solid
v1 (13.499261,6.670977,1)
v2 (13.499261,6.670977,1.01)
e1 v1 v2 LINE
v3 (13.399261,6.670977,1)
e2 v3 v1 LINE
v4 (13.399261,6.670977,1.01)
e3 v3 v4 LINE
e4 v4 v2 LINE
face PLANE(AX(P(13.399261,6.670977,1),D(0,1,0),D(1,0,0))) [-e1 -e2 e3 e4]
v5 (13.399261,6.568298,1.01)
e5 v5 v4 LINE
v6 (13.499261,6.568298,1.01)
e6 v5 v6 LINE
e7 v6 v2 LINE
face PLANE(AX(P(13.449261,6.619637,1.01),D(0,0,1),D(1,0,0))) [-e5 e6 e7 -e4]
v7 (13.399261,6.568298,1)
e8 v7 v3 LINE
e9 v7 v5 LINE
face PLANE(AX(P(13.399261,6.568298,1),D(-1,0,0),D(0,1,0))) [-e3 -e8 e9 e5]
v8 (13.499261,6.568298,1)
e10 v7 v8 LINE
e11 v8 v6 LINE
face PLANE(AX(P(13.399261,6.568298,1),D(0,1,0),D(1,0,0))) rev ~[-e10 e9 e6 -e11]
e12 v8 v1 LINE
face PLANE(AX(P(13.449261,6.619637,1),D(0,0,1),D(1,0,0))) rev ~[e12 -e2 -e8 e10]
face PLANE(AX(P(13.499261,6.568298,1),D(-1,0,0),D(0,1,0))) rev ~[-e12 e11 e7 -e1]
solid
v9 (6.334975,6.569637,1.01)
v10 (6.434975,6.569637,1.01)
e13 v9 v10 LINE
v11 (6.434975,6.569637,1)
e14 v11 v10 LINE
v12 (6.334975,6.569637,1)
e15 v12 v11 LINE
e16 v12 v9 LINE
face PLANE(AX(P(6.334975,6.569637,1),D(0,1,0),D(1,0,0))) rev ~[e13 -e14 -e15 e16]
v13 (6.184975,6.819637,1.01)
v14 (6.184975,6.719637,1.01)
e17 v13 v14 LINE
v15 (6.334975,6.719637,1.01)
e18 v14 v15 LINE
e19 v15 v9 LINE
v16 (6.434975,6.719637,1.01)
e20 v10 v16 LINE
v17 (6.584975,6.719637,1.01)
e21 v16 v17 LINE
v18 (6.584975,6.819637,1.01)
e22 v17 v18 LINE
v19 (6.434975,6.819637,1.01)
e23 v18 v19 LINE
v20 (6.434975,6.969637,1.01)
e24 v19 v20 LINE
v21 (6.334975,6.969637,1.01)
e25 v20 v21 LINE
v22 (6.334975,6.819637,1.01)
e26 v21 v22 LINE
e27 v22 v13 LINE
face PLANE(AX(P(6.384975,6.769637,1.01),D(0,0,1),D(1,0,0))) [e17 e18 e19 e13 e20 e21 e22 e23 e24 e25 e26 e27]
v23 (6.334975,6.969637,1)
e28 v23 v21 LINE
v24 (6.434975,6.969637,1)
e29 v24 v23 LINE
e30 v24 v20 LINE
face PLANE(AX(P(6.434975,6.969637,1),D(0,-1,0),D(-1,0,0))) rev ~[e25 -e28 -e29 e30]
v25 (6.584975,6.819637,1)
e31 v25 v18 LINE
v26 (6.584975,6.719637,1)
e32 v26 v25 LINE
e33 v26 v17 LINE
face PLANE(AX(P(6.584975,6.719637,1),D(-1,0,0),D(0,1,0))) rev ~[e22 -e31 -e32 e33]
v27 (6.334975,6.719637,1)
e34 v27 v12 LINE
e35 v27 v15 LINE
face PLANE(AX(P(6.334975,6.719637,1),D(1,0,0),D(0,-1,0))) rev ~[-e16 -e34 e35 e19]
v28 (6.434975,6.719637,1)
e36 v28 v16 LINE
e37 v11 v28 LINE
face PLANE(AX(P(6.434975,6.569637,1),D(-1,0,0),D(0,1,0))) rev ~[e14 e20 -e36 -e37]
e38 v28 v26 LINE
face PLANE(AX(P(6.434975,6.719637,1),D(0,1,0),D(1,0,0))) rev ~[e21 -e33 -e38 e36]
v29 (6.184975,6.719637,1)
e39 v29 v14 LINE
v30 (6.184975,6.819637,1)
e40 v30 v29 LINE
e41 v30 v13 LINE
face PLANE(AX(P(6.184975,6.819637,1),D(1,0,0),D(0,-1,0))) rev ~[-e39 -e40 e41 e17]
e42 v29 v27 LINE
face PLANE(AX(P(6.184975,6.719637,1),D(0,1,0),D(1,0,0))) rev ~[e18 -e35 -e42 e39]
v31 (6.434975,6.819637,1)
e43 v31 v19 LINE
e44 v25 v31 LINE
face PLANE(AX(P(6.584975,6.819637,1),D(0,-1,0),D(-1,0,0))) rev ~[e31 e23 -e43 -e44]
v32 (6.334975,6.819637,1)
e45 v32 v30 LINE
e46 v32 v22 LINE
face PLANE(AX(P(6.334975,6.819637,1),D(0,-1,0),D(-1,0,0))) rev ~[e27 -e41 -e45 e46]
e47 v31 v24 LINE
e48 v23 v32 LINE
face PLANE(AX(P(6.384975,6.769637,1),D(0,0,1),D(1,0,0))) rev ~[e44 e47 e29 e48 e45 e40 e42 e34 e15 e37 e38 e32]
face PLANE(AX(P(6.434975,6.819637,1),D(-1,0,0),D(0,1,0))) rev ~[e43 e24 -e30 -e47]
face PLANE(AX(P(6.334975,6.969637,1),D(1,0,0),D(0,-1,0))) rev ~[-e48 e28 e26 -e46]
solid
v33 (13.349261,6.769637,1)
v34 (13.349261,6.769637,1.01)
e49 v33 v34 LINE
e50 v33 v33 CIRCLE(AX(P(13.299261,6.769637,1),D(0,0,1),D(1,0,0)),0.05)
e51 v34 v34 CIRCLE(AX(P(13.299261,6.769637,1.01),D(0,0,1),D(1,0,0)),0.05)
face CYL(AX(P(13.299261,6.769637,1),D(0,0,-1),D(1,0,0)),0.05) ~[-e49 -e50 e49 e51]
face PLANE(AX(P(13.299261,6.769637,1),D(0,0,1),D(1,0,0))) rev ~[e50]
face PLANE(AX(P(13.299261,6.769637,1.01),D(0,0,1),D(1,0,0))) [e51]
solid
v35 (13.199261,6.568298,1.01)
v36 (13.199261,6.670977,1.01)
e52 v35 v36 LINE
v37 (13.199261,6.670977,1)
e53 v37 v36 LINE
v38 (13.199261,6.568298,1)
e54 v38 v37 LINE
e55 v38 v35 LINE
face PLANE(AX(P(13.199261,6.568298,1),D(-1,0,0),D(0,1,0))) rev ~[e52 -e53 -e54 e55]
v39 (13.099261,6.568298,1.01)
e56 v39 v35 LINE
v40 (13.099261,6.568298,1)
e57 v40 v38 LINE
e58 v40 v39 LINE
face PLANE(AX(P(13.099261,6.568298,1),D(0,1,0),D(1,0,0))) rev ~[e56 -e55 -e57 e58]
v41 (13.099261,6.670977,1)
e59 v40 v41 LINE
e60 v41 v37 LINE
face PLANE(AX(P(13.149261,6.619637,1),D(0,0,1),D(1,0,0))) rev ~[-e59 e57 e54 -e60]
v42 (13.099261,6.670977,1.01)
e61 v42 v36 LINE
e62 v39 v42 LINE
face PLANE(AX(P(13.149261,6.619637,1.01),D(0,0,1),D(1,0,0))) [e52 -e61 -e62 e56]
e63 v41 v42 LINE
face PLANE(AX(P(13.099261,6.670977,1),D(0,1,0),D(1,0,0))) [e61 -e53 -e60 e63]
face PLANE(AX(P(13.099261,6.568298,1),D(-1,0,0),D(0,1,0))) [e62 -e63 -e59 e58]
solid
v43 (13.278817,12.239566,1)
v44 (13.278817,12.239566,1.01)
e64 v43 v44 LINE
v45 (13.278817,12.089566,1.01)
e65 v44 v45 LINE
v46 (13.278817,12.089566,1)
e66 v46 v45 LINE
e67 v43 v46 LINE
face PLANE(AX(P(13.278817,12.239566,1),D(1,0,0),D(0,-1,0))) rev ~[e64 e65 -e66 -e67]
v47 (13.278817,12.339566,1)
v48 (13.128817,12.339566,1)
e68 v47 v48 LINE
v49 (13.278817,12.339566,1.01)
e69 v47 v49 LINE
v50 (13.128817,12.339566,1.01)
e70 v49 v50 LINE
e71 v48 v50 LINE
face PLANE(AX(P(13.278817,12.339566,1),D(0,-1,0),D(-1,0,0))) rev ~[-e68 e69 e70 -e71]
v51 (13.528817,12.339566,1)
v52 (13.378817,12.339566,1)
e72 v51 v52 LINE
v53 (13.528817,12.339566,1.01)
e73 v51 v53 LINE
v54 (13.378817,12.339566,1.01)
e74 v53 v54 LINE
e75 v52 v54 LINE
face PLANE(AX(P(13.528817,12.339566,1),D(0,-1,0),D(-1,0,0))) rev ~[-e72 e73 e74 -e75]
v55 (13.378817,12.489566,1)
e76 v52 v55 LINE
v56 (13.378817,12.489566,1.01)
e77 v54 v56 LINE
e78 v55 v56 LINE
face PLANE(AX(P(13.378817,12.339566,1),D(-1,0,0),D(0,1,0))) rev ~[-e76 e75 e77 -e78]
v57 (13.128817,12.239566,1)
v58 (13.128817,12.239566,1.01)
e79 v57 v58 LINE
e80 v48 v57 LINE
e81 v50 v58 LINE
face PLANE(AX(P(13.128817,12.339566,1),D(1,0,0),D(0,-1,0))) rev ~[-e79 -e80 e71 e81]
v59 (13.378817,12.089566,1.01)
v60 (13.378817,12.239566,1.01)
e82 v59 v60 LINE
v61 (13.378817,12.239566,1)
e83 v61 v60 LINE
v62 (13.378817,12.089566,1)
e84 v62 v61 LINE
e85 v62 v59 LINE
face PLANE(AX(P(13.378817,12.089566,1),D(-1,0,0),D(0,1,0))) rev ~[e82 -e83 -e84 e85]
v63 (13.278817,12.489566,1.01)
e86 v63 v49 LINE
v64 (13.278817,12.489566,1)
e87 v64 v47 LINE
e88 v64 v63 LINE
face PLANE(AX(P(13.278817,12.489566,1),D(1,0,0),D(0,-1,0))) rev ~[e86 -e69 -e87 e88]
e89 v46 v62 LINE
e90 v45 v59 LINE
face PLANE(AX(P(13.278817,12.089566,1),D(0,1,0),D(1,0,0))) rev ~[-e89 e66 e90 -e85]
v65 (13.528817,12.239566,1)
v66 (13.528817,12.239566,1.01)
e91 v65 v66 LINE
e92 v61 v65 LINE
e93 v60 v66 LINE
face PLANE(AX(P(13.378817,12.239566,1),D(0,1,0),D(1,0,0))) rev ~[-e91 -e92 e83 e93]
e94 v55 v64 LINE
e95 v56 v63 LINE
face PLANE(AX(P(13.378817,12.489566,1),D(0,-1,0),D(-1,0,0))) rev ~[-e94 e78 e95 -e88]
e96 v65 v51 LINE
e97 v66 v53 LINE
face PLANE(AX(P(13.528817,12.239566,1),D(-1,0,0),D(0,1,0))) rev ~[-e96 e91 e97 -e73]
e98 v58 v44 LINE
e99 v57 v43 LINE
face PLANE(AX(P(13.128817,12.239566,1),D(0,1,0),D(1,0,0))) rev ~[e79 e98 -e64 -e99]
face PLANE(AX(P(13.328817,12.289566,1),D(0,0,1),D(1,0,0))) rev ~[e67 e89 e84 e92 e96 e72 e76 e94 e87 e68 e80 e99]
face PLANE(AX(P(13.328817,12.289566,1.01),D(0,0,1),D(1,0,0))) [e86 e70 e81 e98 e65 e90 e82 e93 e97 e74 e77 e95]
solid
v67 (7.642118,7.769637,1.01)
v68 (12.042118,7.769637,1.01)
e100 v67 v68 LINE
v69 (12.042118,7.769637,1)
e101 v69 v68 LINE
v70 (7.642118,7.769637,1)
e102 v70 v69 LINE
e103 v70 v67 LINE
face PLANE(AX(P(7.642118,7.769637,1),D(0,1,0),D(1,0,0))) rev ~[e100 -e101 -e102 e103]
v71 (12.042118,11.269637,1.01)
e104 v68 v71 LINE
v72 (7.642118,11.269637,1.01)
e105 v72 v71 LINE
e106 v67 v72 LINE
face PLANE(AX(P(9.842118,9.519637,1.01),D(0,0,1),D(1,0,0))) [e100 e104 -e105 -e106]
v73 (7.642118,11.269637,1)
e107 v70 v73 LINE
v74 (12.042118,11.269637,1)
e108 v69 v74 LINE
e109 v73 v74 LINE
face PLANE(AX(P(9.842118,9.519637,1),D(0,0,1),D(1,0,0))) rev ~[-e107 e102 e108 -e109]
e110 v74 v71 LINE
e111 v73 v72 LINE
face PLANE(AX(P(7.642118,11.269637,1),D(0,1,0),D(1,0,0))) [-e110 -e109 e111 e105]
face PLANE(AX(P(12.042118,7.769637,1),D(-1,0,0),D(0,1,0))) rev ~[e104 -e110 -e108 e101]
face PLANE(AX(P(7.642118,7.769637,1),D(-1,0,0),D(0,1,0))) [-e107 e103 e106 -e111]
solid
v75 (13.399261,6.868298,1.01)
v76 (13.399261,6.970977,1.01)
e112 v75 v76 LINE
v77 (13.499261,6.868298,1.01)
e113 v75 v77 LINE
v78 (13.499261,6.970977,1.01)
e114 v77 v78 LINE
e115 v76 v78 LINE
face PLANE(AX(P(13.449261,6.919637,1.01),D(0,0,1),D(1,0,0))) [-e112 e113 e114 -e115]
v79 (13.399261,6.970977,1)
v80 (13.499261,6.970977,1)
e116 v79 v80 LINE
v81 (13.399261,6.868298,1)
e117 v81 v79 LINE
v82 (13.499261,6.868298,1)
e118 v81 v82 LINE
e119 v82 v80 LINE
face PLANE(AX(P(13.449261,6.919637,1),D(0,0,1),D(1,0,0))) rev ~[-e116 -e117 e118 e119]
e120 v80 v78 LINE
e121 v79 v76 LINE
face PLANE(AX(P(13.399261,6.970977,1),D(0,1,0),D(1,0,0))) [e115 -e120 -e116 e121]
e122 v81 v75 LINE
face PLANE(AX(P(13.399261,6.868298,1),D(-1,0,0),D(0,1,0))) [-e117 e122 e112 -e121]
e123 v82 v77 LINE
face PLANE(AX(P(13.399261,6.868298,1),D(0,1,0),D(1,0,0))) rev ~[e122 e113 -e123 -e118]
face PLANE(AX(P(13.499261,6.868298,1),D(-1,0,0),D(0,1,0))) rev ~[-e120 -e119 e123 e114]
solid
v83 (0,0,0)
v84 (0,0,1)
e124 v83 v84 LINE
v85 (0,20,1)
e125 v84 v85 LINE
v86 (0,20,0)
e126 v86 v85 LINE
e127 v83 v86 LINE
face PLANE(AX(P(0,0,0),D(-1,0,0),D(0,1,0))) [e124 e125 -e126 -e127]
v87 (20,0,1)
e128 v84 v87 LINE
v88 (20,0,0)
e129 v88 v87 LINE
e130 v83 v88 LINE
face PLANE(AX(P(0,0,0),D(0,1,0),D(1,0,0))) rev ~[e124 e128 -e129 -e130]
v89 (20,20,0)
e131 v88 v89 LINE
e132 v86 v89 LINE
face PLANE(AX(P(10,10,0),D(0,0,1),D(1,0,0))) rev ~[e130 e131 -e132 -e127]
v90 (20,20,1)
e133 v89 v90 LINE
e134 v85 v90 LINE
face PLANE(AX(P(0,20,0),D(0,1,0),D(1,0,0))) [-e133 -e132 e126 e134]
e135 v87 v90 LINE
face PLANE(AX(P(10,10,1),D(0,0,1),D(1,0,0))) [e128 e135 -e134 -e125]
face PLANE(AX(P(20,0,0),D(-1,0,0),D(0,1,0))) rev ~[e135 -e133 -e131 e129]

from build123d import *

# Parameters (mm, degrees)
SKETCH1_W             = 20
SKETCH1_H             = 20
BOSS_EXTRUDE1_DEPTH   = 1
SKETCH2_R             = 0.05
BOSS_EXTRUDE2_DEPTH   = 0.01
BOSS_EXTRUDE2_2_DEPTH = 0.01
SKETCH2_W             = 0.1
SKETCH2_H             = 0.102678481
BOSS_EXTRUDE2_3_DEPTH = 0.01
BOSS_EXTRUDE2_4_DEPTH = 0.01
BOSS_EXTRUDE2_5_DEPTH = 0.01
BOSS_EXTRUDE2_6_DEPTH = 0.01
SKETCH3_W             = 4.4
SKETCH3_H             = 3.5
BOSS_EXTRUDE3_DEPTH   = 0.01


with BuildPart() as part:
    # Sketch1 → Boss-Extrude1 (new body)
    with BuildSketch(Plane.XY):
        with Locations((10, 10)):
            Rectangle(SKETCH1_W, SKETCH1_H)
    extrude(amount=BOSS_EXTRUDE1_DEPTH)


with BuildPart() as body_2:
    # Sketch2 → Boss-Extrude2 (new body)
    with BuildSketch(Plane.XY.offset(1)):
        with Locations((13.299260569, 6.769637469)):
            Circle(SKETCH2_R)
    extrude(amount=BOSS_EXTRUDE2_DEPTH)


with BuildPart() as body_3:
    # Sketch2 → Boss-Extrude2 2 (new body)
    with BuildSketch(Plane.XY.offset(1)):
        Polygon((6.334974855, 6.969637469), (6.334974855, 6.819637469), (6.184974855, 6.819637469), (6.184974855, 6.719637469), (6.334974855, 6.719637469), (6.334974855, 6.569637469), (6.434974855, 6.569637469), (6.434974855, 6.719637469), (6.584974855, 6.719637469), (6.584974855, 6.819637469), (6.434974855, 6.819637469), (6.434974855, 6.969637469), align=None)
    extrude(amount=BOSS_EXTRUDE2_2_DEPTH)


with BuildPart() as body_4:
    # Sketch2 → Boss-Extrude2 3 (new body)
    with BuildSketch(Plane.XY.offset(1)):
        with Locations((13.449260569, 6.919637469)):
            Rectangle(SKETCH2_W, SKETCH2_H)
    extrude(amount=BOSS_EXTRUDE2_3_DEPTH)


with BuildPart() as body_5:
    # Sketch2 → Boss-Extrude2 4 (new body)
    with BuildSketch(Plane.XY.offset(1)):
        with Locations((13.449260569, 6.619637469)):
            Rectangle(SKETCH2_W, SKETCH2_H)
    extrude(amount=BOSS_EXTRUDE2_4_DEPTH)


with BuildPart() as body_6:
    # Sketch2 → Boss-Extrude2 5 (new body)
    with BuildSketch(Plane.XY.offset(1)):
        with Locations((13.149260569, 6.619637469)):
            Rectangle(SKETCH2_W, SKETCH2_H)
    extrude(amount=BOSS_EXTRUDE2_5_DEPTH)


with BuildPart() as body_7:
    # Sketch2 → Boss-Extrude2 6 (new body)
    with BuildSketch(Plane.XY.offset(1)):
        Polygon((13.278816913, 12.489566126), (13.278816913, 12.339566126), (13.128816913, 12.339566126), (13.128816913, 12.239566126), (13.278816913, 12.239566126), (13.278816913, 12.089566126), (13.378816913, 12.089566126), (13.378816913, 12.239566126), (13.528816913, 12.239566126), (13.528816913, 12.339566126), (13.378816913, 12.339566126), (13.378816913, 12.489566126), align=None)
    extrude(amount=BOSS_EXTRUDE2_6_DEPTH)


with BuildPart() as body_8:
    # Sketch3 → Boss-Extrude3 (new body)
    with BuildSketch(Plane.XY.offset(1)):
        with Locations((9.842117712, 9.519637469)):
            Rectangle(SKETCH3_W, SKETCH3_H)
    extrude(amount=BOSS_EXTRUDE3_DEPTH)


solid = Compound([part.part, body_2.part, body_3.part, body_4.part, body_5.part, body_6.part, body_7.part, body_8.part])
